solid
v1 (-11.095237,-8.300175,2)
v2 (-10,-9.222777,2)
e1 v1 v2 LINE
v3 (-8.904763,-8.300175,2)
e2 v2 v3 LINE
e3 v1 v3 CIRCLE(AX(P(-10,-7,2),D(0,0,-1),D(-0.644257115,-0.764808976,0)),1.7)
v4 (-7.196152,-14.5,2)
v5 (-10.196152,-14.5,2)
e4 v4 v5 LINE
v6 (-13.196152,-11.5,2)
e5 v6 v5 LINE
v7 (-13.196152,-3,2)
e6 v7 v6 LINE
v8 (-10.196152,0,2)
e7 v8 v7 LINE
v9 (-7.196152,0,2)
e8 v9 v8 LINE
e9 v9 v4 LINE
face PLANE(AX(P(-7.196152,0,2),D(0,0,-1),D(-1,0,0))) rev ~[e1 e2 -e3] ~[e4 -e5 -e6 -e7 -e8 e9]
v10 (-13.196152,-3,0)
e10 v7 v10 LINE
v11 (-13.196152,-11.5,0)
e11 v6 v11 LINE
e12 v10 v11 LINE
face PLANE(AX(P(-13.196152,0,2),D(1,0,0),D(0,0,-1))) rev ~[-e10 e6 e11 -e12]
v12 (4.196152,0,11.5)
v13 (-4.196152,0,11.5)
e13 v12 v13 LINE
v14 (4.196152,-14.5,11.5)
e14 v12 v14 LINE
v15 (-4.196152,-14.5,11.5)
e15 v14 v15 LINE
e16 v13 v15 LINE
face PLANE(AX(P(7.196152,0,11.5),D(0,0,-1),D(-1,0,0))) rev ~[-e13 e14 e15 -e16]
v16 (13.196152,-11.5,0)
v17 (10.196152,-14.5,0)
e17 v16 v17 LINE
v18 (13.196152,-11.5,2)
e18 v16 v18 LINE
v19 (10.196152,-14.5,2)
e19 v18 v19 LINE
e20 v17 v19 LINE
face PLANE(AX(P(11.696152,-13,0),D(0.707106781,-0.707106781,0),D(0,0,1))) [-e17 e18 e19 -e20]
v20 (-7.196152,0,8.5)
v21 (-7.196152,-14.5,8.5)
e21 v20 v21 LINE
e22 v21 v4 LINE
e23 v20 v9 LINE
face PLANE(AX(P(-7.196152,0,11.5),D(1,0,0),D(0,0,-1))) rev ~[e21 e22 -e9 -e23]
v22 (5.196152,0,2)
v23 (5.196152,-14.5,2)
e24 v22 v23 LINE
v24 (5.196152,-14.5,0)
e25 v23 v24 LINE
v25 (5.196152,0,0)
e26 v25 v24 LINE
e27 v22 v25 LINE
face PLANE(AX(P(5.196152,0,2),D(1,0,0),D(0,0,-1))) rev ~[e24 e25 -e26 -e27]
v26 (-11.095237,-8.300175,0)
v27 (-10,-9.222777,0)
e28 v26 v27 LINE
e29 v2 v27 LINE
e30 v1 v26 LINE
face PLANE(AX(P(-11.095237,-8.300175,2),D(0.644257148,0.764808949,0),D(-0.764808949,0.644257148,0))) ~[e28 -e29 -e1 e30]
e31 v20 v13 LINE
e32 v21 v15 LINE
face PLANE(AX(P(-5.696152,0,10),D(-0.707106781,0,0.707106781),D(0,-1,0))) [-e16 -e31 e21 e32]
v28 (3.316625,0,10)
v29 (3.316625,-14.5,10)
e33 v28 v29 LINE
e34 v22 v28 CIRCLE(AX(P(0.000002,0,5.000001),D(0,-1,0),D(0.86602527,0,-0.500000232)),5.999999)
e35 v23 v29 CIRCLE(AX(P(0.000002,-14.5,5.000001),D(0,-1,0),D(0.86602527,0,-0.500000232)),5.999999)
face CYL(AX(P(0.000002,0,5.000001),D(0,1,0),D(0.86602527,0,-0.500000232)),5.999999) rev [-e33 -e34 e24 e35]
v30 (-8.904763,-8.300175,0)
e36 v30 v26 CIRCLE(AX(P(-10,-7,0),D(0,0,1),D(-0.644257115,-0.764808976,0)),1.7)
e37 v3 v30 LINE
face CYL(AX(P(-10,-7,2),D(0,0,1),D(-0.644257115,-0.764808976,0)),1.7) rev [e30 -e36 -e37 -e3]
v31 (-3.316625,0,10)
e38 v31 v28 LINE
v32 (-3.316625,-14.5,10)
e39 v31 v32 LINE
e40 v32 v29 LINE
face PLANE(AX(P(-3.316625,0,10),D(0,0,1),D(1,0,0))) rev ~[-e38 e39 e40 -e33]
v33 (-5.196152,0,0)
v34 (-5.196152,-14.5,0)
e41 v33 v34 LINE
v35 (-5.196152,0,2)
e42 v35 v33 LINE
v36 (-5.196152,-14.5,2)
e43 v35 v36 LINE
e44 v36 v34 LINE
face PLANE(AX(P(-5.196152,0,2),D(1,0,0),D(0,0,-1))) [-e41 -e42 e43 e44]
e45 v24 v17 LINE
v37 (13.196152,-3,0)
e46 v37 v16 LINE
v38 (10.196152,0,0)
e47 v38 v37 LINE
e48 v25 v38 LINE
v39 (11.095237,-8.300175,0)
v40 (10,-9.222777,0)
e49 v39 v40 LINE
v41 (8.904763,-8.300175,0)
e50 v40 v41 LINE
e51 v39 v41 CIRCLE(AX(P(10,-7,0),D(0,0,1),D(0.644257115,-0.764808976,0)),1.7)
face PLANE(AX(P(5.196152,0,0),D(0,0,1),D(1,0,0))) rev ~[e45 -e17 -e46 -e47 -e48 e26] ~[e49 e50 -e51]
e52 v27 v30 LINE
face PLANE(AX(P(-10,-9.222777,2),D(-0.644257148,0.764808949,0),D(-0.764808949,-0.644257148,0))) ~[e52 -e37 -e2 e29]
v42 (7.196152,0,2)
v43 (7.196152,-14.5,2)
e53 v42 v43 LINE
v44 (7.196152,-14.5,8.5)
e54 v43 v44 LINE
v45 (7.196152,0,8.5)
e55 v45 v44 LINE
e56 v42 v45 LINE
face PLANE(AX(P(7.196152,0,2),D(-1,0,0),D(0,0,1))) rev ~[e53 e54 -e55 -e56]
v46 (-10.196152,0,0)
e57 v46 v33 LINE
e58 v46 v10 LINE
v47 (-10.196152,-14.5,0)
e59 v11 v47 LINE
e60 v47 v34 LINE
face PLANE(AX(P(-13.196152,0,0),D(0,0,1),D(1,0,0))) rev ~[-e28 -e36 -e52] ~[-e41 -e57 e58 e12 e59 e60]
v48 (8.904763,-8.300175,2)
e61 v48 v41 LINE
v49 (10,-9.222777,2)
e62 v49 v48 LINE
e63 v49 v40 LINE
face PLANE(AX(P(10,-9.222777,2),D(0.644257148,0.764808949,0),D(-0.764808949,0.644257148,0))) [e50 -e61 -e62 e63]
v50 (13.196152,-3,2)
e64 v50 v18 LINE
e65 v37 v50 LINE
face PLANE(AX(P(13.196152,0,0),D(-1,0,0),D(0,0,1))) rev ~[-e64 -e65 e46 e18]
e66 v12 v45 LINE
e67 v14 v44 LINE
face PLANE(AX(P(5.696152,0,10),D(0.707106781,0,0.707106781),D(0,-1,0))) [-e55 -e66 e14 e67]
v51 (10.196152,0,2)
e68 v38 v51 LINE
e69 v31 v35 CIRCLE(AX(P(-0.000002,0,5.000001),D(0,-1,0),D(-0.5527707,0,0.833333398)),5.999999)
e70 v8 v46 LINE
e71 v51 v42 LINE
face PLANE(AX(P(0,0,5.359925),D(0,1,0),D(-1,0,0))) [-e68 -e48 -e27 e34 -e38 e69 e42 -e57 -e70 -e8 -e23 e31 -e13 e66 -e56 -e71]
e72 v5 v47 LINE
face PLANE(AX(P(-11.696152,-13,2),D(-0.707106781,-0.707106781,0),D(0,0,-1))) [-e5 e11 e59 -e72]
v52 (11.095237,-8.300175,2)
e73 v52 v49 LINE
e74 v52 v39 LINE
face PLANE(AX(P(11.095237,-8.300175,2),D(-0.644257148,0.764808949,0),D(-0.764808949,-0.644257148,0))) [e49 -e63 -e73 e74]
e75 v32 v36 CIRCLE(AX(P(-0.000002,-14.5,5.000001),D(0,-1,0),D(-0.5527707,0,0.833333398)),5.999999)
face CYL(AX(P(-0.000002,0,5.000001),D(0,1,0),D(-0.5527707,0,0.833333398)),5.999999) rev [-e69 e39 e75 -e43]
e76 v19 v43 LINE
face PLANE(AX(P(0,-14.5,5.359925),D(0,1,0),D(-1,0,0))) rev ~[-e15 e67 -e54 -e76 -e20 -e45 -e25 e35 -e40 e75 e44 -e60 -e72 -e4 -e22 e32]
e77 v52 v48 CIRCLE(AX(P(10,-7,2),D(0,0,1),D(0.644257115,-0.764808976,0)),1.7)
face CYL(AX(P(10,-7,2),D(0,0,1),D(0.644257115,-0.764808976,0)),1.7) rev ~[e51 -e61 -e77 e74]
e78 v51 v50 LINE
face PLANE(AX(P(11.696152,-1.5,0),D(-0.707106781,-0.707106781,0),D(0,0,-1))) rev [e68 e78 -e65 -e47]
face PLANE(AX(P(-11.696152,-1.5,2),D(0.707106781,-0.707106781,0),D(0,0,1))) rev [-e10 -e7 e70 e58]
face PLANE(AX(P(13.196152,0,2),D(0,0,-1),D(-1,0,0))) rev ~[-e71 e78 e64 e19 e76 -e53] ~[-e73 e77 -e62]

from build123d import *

# Parameters (mm, degrees)
PAD_DEPTH       = 14.5
POCKET_DEPTH    = 5
CHAMFER_SIZE    = 3
CHAMFER001_SIZE = 3


with BuildPart() as part:
    # Sketch → Pad (new body)
    with BuildSketch(Plane.XZ):
        with BuildLine():
            ThreePointArc((-3.316625, 10), (-5.840963, 6.372281), (-5.196152, 2))
            Line((-5.196152, 2), (-5.196152, 0))
            Line((-13.196152, 0), (-5.196152, 0))
            Line((-13.196152, 2), (-13.196152, 0))
            Line((-7.196152, 2), (-13.196152, 2))
            Line((-7.196152, 11.5), (-7.196152, 2))
            Line((7.196152, 11.5), (-7.196152, 11.5))
            Line((7.196152, 2), (7.196152, 11.5))
            Line((13.196152, 2), (7.196152, 2))
            Line((13.196152, 0), (13.196152, 2))
            Line((5.196152, 0), (13.196152, 0))
            Line((5.196152, 2), (5.196152, 0))
            ThreePointArc((5.196152, 2), (5.840963, 6.372281), (3.316625, 10))
            Line((-3.316625, 10), (3.316625, 10))
        make_face()
    extrude(amount=PAD_DEPTH)

    # Sketch001 (on Face7 of Pad) → Pocket (cut)
    with BuildSketch(Plane(origin=(0, 0, 2), x_dir=(-1, 0, 0), z_dir=(0, 0, 1))):
        with BuildLine():
            ThreePointArc((-11.095237, 8.300175), (-10, 5.3), (-8.904763, 8.300175))
            Line((-10, 9.222777), (-8.904763, 8.300175))
            Line((-11.095237, 8.300175), (-10, 9.222777))
        make_face()
    pocket = extrude(amount=-POCKET_DEPTH, mode=Mode.SUBTRACT)

    # Mirrored: Pocket across YZ
    add(pocket.mirror(Plane.YZ), mode=Mode.SUBTRACT)

    # Chamfer
    chamfer_edges = [part.edges().sort_by_distance(p)[0] for p in [
        (-7.196152, -7.25, 11.5),
        (7.196152, -7.25, 11.5),
    ]]
    chamfer(chamfer_edges, length=CHAMFER_SIZE)

    # Chamfer001
    chamfer001_edges = [part.edges().sort_by_distance(p)[0] for p in [
        (-13.196152, -14.5, 1),
        (13.196152, -14.5, 1),
        (13.196152, 0, 1),
        (-13.196152, 0, 1),
    ]]
    chamfer(chamfer001_edges, length=CHAMFER001_SIZE)


solid = part.part
